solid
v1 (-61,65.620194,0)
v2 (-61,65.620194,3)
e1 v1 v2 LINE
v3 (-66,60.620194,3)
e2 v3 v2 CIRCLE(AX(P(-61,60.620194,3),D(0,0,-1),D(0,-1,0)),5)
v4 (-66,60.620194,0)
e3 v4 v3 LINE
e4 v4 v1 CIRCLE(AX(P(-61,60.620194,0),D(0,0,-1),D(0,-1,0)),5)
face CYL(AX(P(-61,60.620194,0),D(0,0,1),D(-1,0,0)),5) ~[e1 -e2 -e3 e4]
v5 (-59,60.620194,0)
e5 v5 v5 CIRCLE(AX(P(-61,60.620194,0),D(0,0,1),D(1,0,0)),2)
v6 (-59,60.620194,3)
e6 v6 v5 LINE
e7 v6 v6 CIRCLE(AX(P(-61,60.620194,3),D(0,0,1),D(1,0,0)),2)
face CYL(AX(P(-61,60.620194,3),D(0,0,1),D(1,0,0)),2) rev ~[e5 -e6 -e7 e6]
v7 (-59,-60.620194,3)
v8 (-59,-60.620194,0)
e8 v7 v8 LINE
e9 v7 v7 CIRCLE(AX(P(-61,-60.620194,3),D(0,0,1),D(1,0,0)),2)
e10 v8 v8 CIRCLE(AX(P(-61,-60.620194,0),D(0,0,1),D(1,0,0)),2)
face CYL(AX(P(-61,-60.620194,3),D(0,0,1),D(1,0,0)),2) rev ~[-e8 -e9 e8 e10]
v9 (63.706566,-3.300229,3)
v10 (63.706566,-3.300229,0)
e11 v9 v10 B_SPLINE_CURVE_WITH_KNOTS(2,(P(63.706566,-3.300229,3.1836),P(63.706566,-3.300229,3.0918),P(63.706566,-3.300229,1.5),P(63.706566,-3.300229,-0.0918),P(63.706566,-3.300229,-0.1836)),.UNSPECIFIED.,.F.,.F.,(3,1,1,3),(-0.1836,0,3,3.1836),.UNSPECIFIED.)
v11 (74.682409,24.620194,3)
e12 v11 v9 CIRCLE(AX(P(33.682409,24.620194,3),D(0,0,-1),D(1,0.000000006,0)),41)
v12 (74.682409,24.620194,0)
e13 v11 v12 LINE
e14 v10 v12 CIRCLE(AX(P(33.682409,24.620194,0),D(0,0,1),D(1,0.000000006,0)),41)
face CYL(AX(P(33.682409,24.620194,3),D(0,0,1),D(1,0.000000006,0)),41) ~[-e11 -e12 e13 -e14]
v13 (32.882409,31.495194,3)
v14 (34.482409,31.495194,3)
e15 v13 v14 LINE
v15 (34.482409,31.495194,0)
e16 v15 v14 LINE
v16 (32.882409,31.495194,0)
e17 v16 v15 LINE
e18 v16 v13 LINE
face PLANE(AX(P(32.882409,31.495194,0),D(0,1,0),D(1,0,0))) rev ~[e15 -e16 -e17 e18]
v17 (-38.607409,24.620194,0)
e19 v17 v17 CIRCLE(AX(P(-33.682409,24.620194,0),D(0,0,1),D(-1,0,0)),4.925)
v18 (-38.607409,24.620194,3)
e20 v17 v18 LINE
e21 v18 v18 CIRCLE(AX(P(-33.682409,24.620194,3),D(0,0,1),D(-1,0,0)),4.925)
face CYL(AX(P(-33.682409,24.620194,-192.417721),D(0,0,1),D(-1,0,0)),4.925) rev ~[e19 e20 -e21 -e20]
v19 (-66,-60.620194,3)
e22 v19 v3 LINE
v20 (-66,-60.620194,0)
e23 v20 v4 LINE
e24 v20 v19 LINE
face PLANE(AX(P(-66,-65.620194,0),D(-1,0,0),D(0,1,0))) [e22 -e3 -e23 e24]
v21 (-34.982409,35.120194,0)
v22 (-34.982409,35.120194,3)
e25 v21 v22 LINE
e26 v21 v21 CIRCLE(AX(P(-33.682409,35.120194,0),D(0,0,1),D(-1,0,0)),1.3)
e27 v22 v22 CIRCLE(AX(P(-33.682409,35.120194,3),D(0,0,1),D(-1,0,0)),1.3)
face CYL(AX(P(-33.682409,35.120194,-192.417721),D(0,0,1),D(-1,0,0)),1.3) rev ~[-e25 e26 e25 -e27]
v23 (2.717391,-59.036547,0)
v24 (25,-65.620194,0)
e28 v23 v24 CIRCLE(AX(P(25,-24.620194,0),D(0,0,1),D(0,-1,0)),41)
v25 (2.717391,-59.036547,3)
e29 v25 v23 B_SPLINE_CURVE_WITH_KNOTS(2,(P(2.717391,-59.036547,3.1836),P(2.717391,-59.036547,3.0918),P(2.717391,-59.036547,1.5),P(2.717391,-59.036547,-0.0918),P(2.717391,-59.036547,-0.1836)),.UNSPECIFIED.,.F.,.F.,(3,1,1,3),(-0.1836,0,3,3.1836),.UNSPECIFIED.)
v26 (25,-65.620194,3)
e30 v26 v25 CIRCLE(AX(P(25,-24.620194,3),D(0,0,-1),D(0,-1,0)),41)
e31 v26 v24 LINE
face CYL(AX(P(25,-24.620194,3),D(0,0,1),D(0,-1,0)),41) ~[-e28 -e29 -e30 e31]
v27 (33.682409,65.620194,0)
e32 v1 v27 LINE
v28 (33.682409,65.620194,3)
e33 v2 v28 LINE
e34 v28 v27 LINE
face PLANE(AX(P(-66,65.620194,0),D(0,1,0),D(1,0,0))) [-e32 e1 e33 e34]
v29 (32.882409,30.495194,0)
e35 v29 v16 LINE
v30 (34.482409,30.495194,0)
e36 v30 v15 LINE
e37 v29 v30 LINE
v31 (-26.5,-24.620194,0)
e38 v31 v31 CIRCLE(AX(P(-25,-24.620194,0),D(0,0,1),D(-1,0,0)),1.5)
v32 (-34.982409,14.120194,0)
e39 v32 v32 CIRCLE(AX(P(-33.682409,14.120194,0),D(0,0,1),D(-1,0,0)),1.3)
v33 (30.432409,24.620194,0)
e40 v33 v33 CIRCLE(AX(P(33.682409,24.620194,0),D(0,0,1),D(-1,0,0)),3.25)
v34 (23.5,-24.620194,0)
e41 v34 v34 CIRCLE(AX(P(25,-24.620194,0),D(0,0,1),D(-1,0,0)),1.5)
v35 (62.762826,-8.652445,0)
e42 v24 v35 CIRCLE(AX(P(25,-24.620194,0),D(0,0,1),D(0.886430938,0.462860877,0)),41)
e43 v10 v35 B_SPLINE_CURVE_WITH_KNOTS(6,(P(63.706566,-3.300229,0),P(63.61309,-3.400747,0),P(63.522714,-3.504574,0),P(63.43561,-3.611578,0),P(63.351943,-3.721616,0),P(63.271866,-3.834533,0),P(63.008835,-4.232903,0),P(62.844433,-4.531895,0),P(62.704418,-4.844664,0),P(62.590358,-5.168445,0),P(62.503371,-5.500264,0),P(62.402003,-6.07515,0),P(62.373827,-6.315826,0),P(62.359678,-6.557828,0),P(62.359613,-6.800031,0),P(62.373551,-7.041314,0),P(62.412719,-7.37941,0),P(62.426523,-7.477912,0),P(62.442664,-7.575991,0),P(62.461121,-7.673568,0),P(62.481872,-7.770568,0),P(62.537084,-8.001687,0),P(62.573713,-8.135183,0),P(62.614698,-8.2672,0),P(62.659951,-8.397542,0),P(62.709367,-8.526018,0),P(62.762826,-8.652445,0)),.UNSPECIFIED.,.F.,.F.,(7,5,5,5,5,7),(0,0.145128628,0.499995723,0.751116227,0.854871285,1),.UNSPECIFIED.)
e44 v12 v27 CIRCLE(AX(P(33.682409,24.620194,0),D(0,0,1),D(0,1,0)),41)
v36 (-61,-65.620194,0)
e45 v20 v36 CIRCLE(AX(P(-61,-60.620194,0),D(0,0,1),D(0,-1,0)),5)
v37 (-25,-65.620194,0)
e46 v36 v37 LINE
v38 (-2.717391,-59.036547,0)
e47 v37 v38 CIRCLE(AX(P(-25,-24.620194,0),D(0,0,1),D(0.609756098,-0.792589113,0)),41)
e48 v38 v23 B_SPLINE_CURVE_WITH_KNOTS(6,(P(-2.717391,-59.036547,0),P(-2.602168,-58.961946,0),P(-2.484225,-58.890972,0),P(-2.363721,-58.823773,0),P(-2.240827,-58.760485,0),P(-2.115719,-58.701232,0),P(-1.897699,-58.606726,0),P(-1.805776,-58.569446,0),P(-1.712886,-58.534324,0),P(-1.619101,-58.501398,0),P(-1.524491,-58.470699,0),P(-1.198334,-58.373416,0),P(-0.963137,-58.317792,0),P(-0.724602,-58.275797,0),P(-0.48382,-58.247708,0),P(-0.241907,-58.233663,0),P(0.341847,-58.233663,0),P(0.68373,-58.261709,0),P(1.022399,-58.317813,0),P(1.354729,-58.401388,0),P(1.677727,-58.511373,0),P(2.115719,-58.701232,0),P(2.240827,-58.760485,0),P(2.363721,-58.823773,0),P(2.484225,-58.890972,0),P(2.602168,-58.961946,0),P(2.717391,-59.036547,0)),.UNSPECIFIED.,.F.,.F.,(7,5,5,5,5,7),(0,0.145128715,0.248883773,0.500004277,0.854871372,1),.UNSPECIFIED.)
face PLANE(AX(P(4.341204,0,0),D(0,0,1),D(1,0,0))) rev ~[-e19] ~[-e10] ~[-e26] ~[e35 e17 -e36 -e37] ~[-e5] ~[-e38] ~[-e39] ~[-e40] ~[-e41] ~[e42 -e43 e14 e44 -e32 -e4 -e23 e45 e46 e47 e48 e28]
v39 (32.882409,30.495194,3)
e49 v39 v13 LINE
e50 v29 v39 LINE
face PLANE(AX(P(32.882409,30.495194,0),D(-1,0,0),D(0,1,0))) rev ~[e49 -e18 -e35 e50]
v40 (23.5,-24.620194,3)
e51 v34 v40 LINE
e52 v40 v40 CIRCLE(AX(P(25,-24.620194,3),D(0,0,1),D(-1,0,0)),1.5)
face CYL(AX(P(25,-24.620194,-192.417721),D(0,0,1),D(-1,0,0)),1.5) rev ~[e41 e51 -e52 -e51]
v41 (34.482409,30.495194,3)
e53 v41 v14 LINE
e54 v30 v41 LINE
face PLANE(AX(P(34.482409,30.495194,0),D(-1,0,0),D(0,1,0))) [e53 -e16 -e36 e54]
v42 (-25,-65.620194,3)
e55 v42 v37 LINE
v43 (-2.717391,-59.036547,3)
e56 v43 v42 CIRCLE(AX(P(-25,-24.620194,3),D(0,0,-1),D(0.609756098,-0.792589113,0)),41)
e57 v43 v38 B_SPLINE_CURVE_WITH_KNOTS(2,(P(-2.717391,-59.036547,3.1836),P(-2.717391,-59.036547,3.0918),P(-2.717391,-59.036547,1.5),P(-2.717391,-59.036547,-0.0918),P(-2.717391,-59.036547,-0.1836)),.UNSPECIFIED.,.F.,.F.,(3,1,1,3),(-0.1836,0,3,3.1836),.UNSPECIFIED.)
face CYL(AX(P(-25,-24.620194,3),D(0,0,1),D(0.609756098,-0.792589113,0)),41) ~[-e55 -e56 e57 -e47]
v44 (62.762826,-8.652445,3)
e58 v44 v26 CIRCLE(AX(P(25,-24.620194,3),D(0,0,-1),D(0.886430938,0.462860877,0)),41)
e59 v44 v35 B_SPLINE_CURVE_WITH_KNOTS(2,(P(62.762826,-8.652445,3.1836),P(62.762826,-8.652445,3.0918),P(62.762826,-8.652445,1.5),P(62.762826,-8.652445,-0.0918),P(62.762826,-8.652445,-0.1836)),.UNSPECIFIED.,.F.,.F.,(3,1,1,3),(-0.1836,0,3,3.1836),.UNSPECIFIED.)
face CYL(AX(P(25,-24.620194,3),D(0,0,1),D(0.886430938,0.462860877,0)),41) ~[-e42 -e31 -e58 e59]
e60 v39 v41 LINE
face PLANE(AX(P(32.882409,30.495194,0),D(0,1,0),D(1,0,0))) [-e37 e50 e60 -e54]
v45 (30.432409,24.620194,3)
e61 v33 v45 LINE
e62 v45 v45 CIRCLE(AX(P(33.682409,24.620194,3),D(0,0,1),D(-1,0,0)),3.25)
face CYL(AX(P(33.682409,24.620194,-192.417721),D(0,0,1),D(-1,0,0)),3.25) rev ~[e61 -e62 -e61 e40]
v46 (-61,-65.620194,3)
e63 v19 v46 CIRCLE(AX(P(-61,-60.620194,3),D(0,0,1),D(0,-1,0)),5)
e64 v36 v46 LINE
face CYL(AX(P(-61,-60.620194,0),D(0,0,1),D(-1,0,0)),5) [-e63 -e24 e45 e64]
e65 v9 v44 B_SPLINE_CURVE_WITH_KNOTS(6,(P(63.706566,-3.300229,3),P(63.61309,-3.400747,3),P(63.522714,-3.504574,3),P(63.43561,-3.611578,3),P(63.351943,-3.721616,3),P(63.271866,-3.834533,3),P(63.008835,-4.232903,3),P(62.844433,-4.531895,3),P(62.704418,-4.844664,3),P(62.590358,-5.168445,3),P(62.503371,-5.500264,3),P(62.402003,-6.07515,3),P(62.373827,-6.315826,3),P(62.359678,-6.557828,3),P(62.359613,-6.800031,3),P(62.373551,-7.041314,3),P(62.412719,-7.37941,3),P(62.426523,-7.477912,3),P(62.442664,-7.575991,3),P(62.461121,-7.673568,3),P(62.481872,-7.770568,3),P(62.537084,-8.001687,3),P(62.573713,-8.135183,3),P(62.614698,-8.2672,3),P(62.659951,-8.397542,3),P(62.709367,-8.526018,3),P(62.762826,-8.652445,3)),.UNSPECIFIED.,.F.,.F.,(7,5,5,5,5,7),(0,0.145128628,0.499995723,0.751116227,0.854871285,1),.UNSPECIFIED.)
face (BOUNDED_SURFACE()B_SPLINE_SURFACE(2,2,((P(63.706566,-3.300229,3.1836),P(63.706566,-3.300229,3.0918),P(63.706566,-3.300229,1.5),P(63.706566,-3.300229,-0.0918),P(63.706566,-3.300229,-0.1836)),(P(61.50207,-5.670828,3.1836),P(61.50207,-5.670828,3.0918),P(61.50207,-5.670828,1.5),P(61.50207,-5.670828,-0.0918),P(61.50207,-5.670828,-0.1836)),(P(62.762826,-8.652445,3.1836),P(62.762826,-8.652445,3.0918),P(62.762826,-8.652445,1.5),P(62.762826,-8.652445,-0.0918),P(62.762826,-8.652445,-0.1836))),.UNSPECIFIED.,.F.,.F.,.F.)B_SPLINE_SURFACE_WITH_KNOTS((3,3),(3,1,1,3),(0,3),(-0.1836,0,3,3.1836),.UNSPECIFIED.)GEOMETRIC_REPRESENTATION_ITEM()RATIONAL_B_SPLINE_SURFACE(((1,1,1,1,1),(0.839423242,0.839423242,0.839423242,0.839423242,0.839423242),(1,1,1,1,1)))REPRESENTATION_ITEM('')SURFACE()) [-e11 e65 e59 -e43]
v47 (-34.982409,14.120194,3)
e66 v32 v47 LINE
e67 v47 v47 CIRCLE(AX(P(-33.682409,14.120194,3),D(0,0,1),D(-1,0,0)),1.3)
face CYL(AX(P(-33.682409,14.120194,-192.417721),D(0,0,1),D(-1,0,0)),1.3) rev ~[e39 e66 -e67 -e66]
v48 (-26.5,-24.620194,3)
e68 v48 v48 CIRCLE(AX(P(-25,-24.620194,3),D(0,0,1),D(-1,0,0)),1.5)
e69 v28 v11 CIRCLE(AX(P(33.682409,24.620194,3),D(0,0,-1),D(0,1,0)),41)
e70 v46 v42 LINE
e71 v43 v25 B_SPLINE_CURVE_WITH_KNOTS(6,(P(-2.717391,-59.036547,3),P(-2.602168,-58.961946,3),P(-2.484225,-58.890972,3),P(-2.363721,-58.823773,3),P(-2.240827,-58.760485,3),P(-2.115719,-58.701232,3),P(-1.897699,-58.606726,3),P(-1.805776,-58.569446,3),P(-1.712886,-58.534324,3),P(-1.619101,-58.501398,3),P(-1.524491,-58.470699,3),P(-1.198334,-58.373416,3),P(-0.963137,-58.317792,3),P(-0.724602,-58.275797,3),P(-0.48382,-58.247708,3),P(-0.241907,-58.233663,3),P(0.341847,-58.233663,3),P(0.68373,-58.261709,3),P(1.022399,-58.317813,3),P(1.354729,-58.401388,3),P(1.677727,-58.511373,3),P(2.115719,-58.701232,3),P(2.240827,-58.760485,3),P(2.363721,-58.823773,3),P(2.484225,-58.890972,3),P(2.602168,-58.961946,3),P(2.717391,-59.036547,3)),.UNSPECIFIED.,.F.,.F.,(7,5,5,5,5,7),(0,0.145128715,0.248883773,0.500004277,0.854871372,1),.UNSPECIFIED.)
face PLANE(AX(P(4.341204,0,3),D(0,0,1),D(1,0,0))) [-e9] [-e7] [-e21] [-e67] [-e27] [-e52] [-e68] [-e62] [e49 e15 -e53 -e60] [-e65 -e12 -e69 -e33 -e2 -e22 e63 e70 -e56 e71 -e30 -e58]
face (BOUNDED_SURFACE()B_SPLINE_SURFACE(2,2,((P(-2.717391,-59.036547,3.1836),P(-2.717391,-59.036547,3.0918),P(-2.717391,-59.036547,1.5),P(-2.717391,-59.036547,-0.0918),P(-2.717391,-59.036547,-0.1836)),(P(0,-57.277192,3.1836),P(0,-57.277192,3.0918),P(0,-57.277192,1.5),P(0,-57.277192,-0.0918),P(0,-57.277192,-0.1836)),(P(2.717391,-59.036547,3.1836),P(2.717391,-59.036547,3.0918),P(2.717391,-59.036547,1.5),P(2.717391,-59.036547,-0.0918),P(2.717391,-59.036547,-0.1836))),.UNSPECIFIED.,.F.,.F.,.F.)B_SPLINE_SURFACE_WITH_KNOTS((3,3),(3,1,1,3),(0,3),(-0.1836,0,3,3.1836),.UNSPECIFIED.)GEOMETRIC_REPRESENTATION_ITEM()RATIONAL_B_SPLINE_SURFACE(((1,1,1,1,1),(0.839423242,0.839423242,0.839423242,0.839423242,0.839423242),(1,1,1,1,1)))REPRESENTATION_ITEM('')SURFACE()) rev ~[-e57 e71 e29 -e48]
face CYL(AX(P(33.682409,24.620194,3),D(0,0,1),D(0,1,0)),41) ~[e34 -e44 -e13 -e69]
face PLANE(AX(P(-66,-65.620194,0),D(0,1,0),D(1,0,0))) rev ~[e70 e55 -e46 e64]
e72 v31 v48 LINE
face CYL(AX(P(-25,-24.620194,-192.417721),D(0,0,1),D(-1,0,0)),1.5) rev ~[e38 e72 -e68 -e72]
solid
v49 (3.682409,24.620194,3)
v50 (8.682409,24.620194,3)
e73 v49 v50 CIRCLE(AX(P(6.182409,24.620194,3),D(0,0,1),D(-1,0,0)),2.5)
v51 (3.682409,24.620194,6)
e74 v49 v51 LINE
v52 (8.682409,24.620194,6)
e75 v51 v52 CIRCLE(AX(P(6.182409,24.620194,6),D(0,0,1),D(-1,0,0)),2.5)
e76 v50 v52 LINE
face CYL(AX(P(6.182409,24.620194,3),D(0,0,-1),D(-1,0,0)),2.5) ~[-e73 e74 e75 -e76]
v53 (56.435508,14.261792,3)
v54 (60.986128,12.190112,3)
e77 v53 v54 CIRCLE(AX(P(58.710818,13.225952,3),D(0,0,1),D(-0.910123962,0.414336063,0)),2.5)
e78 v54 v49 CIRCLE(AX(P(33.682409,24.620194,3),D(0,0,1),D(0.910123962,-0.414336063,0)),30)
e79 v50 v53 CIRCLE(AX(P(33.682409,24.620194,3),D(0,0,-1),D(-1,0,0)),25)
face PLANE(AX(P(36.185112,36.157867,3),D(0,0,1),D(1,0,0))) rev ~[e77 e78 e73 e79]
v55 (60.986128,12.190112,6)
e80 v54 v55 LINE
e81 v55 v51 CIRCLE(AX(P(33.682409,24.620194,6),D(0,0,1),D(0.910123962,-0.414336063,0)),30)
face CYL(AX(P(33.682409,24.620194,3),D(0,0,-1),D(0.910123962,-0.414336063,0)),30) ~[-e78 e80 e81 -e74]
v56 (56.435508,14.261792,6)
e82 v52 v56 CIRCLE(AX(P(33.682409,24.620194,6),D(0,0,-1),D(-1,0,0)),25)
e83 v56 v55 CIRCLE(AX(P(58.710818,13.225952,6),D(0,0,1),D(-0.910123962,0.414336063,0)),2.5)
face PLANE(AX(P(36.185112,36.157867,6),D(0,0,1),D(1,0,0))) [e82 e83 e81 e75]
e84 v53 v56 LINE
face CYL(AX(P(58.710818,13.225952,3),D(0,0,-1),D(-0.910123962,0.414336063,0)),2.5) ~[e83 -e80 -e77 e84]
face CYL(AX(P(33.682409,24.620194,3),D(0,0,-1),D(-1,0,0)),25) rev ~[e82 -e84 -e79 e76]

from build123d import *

# Parameters (mm, degrees)
F3_W      = 140.6824088833
F3_H      = 131.2403876506
F3_W_2    = 1.6
F3_H_2    = 1
F4_DEPTH  = 3
F5_D      = 9.85
F6_D      = 6.5
F7_D      = 2.6
F8_D      = 3
F9_R      = 2
F10_DEPTH = 3.001
F11_R     = 5
F13_DEPTH = 3


with BuildPart() as f4:
    # F3 (on Top) → F4 (new body)
    with BuildSketch(Plane.XY):
        with Locations((4.3412044417, 0)):
            Rectangle(F3_W, F3_H)
        with Locations((33.6824088833, 30.9951938253)):
            Rectangle(F3_W_2, F3_H_2, mode=Mode.SUBTRACT)
    extrude(amount=F4_DEPTH)

    # F5 (through all)
    with Locations(Plane(origin=(0, 0, 0), x_dir=(1, 0, 0), z_dir=(0, 0, -1))):
        with Locations((-33.6824088833, -24.6201938253)):
            Hole(F5_D / 2)

    # F6 (through all)
    with Locations(Plane(origin=(0, 0, 0), x_dir=(1, 0, 0), z_dir=(0, 0, -1))):
        with Locations((33.6824088833, -24.6201938253)):
            Hole(F6_D / 2)

    # F7 (through all)
    with Locations(Plane(origin=(0, 0, 0), x_dir=(1, 0, 0), z_dir=(0, 0, -1))):
        with Locations((-33.6824088833, -14.1201938253), (-33.6824088833, -35.1201938253)):
            Hole(F7_D / 2)

    # F8 (through all)
    with Locations(Plane(origin=(0, 0, 0), x_dir=(1, 0, 0), z_dir=(0, 0, -1))):
        with Locations((-25, 24.6201938253), (25, 24.6201938253)):
            Hole(F8_D / 2)

    # F9 (on face) → F10 (cut, through all)
    with BuildSketch(Plane.XY.offset(3)):
        with BuildLine():
            ThreePointArc((33.6824088833, 65.6201938253), (62.6737868311, 53.6115719349), (74.6824088833, 24.6201940542))
            Line((74.6824088833, 24.6201940542), (74.6824088833, 65.6201938253))
            Line((74.6824088833, 65.6201938253), (33.6824088833, 65.6201938253))
        make_face()
        with BuildLine():
            ThreePointArc((61.3436684683, -5.642897857), (60.0647196959, -45.8679097649), (25, -65.6201938253))
            Line((25, -65.6201938253), (74.6824088833, -65.6201938253))
            Line((74.6824088833, -65.6201938253), (74.6824088833, 24.6201940542))
            ThreePointArc((74.6824088833, 24.6201940542), (71.1998158427, 8.084046298), (61.3436684683, -5.642897857))
        make_face()
        with BuildLine():
            ThreePointArc((0, -57.1163474438), (-11.7966348676, -63.4360559075), (-25, -65.6201938253))
            Line((-25, -65.6201938253), (25, -65.6201938253))
            ThreePointArc((25, -65.6201938253), (11.7966348676, -63.4360559075), (0, -57.1163474438))
        make_face()
        with Locations((-61, -60.6201938253)):
            Circle(F9_R)
        with Locations((-61, 60.6201938253)):
            Circle(F9_R)
    extrude(amount=-F10_DEPTH, mode=Mode.SUBTRACT)

    # F11
    f11_edges = [f4.edges().sort_by_distance(p)[0] for p in [
        (0, -57.116347, 1.5),
        (61.343668, -5.642898, 1.5),
        (-66, -65.620194, 1.5),
        (-66, 65.620194, 1.5),
    ]]
    fillet(f11_edges, radius=F11_R)


with BuildPart() as f13:
    # F12 (on face) → F13 (new body)
    with BuildSketch(Plane.XY.offset(3)):
        with BuildLine():
            ThreePointArc((3.6824088833, 24.6201938253), (6.1824088833, 22.1201938253), (8.6824088833, 24.6201938253))
            ThreePointArc((8.6824088833, 24.6201938253), (38.9820562112, 49.0520119771), (56.4355079394, 14.2617922427))
            ThreePointArc((56.4355079394, 14.2617922427), (57.6749776867, 10.9506421788), (60.9861277506, 12.1901119262))
            ThreePointArc((60.9861277506, 12.1901119262), (40.0419856768, 53.9383756074), (3.6824088833, 24.6201938253))
        make_face()
    extrude(amount=F13_DEPTH)


solid = Compound([f4.part, f13.part])
